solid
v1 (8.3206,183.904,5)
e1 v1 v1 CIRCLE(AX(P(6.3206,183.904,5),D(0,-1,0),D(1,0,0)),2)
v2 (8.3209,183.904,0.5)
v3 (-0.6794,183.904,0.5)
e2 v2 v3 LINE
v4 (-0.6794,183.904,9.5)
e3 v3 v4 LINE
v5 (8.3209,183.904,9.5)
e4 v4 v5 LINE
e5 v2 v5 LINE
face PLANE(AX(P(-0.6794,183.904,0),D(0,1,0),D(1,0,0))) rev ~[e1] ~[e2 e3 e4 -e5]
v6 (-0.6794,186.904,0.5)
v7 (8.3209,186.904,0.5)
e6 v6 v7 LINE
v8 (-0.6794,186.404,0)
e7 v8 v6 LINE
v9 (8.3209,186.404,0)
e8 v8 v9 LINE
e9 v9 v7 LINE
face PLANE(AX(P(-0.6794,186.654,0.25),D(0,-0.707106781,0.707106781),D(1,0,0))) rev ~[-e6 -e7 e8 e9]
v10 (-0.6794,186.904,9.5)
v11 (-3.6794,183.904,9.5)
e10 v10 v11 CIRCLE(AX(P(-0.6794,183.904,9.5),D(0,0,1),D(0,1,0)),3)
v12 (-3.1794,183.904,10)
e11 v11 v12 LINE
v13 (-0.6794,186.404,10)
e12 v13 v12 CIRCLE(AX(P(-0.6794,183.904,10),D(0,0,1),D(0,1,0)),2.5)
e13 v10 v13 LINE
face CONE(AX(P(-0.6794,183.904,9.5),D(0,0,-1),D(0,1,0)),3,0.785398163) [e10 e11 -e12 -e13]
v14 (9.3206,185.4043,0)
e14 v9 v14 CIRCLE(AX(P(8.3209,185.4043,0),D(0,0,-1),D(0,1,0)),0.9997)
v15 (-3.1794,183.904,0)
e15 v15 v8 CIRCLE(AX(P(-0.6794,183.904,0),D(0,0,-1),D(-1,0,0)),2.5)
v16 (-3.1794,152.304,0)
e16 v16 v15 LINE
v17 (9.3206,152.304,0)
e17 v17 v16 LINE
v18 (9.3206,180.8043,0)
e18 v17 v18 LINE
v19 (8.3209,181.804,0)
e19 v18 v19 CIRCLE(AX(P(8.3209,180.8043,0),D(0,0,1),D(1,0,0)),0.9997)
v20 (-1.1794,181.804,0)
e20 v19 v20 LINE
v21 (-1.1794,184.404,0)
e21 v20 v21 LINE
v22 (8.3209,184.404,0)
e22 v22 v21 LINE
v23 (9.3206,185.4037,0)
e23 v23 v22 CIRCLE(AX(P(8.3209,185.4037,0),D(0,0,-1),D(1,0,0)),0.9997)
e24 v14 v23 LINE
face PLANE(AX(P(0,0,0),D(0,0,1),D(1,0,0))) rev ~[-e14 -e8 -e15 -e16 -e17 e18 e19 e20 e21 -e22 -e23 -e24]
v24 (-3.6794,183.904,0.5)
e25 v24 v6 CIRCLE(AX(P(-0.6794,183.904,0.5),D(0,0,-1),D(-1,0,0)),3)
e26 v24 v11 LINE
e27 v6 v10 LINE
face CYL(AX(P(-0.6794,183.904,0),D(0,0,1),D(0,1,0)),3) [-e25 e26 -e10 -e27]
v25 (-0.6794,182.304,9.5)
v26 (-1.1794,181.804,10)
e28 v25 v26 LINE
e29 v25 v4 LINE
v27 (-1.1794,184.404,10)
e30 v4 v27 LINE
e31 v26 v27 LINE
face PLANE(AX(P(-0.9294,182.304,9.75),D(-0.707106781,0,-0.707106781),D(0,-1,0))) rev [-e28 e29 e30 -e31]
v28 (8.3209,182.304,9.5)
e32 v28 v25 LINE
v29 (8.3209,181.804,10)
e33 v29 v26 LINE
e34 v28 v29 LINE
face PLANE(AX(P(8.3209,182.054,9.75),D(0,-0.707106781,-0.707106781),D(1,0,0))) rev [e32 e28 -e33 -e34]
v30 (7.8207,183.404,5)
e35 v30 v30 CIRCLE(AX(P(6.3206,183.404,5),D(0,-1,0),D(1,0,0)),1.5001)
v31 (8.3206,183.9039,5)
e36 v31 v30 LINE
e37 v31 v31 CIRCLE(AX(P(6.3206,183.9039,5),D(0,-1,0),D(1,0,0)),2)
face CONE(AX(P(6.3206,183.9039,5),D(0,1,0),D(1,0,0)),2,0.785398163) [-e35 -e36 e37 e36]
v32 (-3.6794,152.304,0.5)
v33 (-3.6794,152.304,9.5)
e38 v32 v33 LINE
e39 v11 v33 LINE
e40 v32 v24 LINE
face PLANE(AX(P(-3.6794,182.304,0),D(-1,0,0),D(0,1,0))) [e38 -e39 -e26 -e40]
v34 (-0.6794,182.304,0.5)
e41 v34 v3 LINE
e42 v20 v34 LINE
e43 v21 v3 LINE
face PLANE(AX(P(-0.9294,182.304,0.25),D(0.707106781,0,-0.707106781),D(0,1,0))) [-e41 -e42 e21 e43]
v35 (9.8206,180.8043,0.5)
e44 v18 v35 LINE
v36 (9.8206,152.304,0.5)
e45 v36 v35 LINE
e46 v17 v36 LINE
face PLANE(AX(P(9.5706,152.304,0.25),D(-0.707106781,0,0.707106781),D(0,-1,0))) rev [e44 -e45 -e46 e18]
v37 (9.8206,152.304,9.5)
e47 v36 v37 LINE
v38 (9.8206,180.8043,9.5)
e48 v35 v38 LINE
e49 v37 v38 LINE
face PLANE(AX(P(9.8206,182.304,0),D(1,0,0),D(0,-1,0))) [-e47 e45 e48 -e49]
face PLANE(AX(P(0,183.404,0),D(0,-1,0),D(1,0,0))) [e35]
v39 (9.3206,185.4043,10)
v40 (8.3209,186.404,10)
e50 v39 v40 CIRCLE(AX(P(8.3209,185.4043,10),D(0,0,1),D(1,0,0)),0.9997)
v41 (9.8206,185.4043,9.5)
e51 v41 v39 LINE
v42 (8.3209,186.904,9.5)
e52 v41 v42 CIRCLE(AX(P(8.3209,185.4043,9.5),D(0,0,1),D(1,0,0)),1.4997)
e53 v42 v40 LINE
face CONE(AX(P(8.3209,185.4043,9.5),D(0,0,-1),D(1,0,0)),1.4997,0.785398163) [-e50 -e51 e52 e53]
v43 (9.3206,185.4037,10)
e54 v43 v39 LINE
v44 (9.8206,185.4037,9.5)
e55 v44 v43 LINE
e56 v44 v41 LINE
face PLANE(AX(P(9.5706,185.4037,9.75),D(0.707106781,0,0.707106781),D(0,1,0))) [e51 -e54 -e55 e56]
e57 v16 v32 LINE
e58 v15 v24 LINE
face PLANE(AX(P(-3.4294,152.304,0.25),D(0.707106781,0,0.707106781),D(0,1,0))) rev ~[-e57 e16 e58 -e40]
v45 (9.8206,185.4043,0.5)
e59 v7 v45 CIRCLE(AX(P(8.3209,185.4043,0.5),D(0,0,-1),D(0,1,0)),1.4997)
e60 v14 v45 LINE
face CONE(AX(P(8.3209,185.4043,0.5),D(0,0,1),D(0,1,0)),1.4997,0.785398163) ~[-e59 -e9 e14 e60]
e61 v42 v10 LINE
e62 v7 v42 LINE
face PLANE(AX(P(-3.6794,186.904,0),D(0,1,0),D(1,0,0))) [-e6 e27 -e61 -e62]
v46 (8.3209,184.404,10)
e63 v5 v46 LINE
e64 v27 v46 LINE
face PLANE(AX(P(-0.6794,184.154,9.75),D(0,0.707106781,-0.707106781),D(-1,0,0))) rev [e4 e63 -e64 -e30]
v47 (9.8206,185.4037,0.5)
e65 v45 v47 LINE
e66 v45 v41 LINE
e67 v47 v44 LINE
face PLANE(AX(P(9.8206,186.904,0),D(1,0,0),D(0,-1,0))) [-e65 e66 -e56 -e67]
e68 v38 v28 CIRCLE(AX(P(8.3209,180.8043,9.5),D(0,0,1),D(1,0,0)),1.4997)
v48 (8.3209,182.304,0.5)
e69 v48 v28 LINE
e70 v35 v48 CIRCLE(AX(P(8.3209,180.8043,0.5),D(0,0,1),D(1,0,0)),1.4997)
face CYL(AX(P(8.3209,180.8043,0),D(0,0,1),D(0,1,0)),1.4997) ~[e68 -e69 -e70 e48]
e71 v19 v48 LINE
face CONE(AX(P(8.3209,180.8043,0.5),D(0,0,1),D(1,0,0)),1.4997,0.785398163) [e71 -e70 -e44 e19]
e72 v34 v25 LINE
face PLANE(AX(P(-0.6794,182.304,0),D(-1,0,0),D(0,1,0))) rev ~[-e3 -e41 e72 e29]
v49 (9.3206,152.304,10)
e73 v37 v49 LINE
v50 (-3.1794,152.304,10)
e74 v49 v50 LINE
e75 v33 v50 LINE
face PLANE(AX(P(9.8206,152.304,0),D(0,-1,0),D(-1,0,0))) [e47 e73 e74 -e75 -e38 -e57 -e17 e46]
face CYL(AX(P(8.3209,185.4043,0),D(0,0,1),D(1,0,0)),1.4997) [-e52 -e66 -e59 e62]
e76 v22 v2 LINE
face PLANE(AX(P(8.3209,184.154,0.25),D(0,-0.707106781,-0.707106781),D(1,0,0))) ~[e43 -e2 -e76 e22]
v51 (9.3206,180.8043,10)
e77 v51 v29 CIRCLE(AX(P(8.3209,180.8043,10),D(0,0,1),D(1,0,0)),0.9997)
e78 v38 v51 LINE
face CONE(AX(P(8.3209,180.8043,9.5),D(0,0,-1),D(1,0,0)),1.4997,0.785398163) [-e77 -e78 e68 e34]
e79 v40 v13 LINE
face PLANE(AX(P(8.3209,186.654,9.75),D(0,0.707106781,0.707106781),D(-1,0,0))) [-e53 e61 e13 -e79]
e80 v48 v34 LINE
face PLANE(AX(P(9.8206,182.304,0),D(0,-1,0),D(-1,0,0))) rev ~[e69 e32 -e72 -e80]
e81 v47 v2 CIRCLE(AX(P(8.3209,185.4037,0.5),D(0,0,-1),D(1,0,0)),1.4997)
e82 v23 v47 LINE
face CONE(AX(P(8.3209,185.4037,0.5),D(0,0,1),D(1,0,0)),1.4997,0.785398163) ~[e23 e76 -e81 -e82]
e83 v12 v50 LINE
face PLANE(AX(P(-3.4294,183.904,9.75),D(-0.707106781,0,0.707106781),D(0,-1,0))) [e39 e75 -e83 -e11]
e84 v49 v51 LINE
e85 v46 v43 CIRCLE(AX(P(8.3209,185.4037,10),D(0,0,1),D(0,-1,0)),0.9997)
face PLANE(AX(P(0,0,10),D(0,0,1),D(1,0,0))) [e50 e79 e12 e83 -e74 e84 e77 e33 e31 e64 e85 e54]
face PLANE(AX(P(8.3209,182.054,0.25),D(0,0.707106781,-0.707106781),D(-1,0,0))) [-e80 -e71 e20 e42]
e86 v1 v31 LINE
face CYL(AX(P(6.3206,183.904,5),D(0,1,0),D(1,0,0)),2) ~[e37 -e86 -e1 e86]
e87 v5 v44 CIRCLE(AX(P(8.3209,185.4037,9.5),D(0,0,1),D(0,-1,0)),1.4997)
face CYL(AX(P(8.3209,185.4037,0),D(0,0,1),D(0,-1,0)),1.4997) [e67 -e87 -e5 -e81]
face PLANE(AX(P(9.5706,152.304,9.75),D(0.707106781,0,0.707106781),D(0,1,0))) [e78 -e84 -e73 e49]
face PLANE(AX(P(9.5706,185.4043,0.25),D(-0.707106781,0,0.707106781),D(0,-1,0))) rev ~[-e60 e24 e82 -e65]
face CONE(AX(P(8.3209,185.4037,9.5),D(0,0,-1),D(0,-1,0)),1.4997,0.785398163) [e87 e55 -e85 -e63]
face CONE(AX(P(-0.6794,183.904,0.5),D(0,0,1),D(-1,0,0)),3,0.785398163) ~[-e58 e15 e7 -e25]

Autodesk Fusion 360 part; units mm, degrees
sketch "Sketch2" plane through (0, 0, 0) normal (0, 0, 1) x (1, 0, 0)
  line L0 (-0.6794, 183.904) -> (9.8206, 183.904)
  line L1 (9.8206, 183.904) -> (9.8206, 182.304)
  line L2 (9.8206, 182.304) -> (-0.6794, 182.304)
  line L3 (-0.6794, 182.304) -> (-0.6794, 183.904)
  line L4 (12.8206, 179.304) -> (-3.6794, 179.304)
  line L5 (-3.6794, 179.304) -> (-3.6794, 186.904)
  line L6 (-3.6794, 186.904) -> (12.8206, 186.904)
  line L7 (12.8206, 186.904) -> (12.8206, 179.304)
  line L8 (-3.6794, 182.304) -> (12.8206, 182.304)
  line L9 (12.8206, 182.304) -> (12.8206, 152.304)
  line L10 (12.8206, 152.304) -> (-3.6794, 152.304)
  line L11 (-3.6794, 152.304) -> (-3.6794, 182.304)
  line L12 (9.8206, 186.904) -> (9.8206, 152.304)
  dimension "d63" = 10.5
  dimension "d64" = 1.6
  dimension "d66" = 30
extrude "Extrude12" add sketch "Sketch2" along normal blind 10 contours L0 L3 L5 L6 L8 L12 | L2 L4 L5 L8 L11 L12 | L4 L10 L11 L12
fillet "Fillet1" radius 1.5 3 edges at (9.8206, 183.904, 5) (9.8206, 186.904, 5) (9.8206, 182.304, 5)
fillet "Fillet2" radius 3 1 edges at (-3.6794, 186.904, 5)
chamfer "Chamfer2" distance 0.5 angle 45 18 edges at (-3.6794, 168.104, 0) (-2.8008, 186.0253, 0) (3.8206, 186.904, 0) (9.8206, 185.404, 0) (3.8206, 183.904, 0) (-0.6794, 183.104, 0) (3.8206, 182.304, 0) (9.3812, 181.8646, 0) (9.8206, 166.554, 0) (-3.6794, 168.104, 10) (-2.8008, 186.0253, 10) (3.8206, 186.904, 10) (9.8206, 185.404, 10) (3.8206, 183.904, 10) (3.8206, 182.304, 10) (9.3812, 181.8646, 10) (9.8206, 166.554, 10) (-0.6794, 183.104, 10)
sketch "Sketch3" plane through (0, 183.904, 0) normal (0, -1, 0) x (1, 0, 0)
  line L0 (8.3206, 9.5) -> (-0.6794, 9.5)
  line L1 (-0.6794, 9.5) -> (-0.6794, 0.5)
  line L2 (-0.6794, 0.5) -> (8.3206, 0.5)
  line L3 (8.3206, 0.5) -> (8.3206, 9.5)
  line L4 (-0.6794, 9.5) -> (8.3206, 0.5) construction
  line L5 (-0.6794, 0.5) -> (8.3206, 9.5) construction
  line L6 (8.3206, 5) -> (3.8206, 5) construction
  circle A0 centre (6.3206, 5) radius 2
  dimension "d75" = 4
extrude "Extrude13" add sketch "Sketch3" along normal blind 0.5 contours A0
chamfer "Chamfer3" distance 0.5 angle 45 1 edges at (4.4559, 183.404, 4.2768)
equation "d63 = slot_depth"
equation "d64 = pcb_thickness"
equation "d65 = -wall_thickness"
equation "d66 = leg_height"
equation "d67 = leg_thickness"
equation "leg_height = 30 mm"
equation "pcb_thickness = 1.6 mm"
equation "wall_thickness = 3 mm"
equation "slot_depth = 10.5 mm"
equation "leg_thickness = 10 mm"
